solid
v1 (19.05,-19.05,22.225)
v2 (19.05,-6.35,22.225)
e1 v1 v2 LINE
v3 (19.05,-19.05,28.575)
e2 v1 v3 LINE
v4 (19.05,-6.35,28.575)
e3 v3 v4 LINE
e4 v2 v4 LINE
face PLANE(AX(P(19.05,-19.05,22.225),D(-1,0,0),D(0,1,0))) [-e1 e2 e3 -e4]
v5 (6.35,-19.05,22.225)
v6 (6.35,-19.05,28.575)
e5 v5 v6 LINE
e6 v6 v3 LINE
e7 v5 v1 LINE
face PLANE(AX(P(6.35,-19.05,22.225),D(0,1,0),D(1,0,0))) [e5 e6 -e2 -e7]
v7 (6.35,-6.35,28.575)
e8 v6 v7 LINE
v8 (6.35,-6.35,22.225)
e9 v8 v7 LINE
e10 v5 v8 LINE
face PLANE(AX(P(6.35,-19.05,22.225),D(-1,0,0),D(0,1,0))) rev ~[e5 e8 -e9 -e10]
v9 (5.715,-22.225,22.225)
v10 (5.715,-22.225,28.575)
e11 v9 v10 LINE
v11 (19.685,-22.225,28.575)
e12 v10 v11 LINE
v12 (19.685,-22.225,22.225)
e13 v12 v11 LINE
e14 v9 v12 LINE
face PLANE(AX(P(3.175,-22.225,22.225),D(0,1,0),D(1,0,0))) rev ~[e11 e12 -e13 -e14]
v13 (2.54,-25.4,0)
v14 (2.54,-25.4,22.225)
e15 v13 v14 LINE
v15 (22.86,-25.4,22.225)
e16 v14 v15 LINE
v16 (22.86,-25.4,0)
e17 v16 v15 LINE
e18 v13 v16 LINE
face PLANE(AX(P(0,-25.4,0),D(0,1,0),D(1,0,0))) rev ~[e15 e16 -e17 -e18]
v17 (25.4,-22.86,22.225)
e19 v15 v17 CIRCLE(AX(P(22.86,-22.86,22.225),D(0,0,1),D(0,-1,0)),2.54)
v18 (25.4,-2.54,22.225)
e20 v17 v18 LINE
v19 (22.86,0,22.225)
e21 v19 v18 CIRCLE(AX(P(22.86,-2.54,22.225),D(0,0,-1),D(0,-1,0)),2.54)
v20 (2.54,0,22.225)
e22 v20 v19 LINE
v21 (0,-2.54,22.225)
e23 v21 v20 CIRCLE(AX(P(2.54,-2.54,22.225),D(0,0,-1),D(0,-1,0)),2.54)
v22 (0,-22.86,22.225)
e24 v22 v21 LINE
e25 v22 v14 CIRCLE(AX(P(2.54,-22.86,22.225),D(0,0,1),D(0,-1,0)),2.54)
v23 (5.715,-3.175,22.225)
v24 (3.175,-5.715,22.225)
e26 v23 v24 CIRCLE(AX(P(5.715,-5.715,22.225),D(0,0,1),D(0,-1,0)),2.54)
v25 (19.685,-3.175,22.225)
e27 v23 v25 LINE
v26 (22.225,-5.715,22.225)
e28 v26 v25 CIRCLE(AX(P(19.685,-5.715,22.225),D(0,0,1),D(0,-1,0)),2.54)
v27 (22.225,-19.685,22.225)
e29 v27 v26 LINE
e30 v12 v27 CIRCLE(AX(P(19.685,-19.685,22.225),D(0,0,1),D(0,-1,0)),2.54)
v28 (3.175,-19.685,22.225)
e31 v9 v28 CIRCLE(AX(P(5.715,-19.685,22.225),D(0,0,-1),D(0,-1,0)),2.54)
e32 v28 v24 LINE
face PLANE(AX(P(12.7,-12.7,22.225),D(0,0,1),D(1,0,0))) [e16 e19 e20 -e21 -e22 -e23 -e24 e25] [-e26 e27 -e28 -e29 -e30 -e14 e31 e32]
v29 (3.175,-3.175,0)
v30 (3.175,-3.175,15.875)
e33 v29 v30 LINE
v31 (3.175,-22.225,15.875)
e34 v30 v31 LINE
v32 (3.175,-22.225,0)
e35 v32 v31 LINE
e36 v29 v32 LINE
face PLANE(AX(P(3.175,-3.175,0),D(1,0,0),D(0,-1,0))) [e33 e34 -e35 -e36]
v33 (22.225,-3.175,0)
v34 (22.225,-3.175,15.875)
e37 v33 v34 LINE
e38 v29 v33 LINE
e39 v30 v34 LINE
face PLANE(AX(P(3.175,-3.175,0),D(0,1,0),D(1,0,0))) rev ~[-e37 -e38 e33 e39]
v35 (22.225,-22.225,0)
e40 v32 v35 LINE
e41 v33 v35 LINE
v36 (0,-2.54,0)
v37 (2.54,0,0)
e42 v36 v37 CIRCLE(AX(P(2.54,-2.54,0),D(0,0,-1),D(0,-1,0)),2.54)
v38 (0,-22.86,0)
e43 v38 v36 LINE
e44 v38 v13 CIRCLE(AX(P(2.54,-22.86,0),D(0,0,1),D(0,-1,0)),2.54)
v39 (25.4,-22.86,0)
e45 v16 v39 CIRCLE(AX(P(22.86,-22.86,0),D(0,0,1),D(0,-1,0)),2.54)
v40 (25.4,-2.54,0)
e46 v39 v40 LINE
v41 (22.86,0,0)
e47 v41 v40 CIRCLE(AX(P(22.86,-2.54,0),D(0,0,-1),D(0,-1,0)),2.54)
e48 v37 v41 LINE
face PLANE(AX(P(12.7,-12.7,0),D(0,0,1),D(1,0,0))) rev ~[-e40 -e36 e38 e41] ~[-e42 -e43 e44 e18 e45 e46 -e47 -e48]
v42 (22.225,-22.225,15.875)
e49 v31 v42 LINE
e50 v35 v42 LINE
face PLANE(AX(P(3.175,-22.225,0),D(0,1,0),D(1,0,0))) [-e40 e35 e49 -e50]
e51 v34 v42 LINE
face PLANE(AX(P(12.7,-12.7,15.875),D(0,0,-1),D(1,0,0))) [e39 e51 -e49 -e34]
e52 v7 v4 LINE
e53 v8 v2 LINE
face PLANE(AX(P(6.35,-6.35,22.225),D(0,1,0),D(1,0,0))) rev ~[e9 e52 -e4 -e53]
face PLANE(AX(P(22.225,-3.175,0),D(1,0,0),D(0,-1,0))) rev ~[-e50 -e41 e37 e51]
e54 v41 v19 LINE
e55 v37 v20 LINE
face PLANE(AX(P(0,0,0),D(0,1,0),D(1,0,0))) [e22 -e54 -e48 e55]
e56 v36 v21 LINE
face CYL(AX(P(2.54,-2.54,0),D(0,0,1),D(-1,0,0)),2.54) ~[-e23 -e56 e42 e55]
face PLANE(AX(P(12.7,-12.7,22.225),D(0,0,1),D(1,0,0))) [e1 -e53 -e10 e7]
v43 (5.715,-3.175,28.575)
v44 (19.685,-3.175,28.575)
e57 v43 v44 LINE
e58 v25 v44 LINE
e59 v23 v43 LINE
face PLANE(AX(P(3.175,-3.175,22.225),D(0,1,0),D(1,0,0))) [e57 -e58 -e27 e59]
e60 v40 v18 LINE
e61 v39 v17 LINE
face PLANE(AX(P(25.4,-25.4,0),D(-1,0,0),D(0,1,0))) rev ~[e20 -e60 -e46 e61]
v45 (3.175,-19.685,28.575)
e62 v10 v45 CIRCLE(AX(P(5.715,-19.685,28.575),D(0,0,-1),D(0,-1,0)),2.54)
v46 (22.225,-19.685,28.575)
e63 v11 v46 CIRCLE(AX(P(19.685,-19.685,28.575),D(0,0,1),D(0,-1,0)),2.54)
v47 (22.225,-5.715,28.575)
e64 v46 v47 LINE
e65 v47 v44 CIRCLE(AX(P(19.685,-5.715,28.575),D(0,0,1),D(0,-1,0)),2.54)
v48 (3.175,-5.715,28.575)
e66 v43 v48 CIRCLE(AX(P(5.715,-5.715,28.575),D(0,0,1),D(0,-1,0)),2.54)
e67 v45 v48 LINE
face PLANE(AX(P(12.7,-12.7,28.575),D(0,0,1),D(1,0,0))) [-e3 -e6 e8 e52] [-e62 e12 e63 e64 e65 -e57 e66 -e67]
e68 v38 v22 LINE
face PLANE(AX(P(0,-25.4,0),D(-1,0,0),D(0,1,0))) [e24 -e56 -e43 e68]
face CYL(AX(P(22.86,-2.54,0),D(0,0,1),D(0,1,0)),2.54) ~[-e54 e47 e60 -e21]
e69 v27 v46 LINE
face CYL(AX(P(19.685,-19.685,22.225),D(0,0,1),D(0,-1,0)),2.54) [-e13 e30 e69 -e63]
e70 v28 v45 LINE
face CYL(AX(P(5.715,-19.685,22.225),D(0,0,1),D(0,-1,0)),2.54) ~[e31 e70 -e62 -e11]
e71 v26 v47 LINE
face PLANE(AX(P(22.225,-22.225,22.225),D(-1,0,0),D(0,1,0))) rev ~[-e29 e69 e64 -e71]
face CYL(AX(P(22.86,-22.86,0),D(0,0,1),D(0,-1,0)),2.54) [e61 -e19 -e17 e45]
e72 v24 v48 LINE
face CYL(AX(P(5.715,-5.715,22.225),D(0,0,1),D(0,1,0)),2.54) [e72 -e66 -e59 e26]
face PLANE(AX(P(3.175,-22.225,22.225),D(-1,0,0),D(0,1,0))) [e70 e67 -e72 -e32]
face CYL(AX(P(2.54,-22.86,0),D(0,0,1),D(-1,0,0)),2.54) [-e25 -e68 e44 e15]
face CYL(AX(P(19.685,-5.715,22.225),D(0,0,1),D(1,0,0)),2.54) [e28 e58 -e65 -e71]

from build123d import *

# Parameters (mm, degrees)
F0_W     = 25.4
F0_H     = 25.4
F1_DEPTH = 22.225
F2_W     = 19.05
F2_H     = 19.05
F3_DEPTH = 15.875
F4_W     = 19.05
F4_H     = 19.05
F4_W_2   = 12.7
F4_H_2   = 12.7
F5_DEPTH = 6.35
F6_R     = 2.54


with BuildPart() as f1:
    # F0 (on Top) → F1 (new body)
    with BuildSketch(Plane.XY):
        with Locations((12.7, -12.7)):
            Rectangle(F0_W, F0_H)
    extrude(amount=F1_DEPTH)

    # F2 (on face) → F3 (cut)
    with BuildSketch(Plane(origin=(0, 0, 0), x_dir=(1, 0, 0), z_dir=(0, 0, -1))):
        with Locations((12.7, 12.7)):
            Rectangle(F2_W, F2_H)
    extrude(amount=-F3_DEPTH, mode=Mode.SUBTRACT)

    # F4 (on face) → F5 (join)
    with BuildSketch(Plane.XY.offset(22.225)):
        with Locations((12.7, -12.7)):
            Rectangle(F4_W, F4_H)
        with Locations((12.7, -12.7)):
            Rectangle(F4_W_2, F4_H_2, mode=Mode.SUBTRACT)
    extrude(amount=F5_DEPTH)

    # F6
    f6_edges = [f1.edges().sort_by_distance(p)[0] for p in [
        (0, 0, 11.1125),
        (0, -25.4, 11.1125),
        (25.4, 0, 11.1125),
        (3.175, -3.175, 25.4),
        (3.175, -22.225, 25.4),
        (22.225, -3.175, 25.4),
        (22.225, -22.225, 25.4),
        (25.4, -25.4, 11.1125),
    ]]
    fillet(f6_edges, radius=F6_R)


solid = f1.part
